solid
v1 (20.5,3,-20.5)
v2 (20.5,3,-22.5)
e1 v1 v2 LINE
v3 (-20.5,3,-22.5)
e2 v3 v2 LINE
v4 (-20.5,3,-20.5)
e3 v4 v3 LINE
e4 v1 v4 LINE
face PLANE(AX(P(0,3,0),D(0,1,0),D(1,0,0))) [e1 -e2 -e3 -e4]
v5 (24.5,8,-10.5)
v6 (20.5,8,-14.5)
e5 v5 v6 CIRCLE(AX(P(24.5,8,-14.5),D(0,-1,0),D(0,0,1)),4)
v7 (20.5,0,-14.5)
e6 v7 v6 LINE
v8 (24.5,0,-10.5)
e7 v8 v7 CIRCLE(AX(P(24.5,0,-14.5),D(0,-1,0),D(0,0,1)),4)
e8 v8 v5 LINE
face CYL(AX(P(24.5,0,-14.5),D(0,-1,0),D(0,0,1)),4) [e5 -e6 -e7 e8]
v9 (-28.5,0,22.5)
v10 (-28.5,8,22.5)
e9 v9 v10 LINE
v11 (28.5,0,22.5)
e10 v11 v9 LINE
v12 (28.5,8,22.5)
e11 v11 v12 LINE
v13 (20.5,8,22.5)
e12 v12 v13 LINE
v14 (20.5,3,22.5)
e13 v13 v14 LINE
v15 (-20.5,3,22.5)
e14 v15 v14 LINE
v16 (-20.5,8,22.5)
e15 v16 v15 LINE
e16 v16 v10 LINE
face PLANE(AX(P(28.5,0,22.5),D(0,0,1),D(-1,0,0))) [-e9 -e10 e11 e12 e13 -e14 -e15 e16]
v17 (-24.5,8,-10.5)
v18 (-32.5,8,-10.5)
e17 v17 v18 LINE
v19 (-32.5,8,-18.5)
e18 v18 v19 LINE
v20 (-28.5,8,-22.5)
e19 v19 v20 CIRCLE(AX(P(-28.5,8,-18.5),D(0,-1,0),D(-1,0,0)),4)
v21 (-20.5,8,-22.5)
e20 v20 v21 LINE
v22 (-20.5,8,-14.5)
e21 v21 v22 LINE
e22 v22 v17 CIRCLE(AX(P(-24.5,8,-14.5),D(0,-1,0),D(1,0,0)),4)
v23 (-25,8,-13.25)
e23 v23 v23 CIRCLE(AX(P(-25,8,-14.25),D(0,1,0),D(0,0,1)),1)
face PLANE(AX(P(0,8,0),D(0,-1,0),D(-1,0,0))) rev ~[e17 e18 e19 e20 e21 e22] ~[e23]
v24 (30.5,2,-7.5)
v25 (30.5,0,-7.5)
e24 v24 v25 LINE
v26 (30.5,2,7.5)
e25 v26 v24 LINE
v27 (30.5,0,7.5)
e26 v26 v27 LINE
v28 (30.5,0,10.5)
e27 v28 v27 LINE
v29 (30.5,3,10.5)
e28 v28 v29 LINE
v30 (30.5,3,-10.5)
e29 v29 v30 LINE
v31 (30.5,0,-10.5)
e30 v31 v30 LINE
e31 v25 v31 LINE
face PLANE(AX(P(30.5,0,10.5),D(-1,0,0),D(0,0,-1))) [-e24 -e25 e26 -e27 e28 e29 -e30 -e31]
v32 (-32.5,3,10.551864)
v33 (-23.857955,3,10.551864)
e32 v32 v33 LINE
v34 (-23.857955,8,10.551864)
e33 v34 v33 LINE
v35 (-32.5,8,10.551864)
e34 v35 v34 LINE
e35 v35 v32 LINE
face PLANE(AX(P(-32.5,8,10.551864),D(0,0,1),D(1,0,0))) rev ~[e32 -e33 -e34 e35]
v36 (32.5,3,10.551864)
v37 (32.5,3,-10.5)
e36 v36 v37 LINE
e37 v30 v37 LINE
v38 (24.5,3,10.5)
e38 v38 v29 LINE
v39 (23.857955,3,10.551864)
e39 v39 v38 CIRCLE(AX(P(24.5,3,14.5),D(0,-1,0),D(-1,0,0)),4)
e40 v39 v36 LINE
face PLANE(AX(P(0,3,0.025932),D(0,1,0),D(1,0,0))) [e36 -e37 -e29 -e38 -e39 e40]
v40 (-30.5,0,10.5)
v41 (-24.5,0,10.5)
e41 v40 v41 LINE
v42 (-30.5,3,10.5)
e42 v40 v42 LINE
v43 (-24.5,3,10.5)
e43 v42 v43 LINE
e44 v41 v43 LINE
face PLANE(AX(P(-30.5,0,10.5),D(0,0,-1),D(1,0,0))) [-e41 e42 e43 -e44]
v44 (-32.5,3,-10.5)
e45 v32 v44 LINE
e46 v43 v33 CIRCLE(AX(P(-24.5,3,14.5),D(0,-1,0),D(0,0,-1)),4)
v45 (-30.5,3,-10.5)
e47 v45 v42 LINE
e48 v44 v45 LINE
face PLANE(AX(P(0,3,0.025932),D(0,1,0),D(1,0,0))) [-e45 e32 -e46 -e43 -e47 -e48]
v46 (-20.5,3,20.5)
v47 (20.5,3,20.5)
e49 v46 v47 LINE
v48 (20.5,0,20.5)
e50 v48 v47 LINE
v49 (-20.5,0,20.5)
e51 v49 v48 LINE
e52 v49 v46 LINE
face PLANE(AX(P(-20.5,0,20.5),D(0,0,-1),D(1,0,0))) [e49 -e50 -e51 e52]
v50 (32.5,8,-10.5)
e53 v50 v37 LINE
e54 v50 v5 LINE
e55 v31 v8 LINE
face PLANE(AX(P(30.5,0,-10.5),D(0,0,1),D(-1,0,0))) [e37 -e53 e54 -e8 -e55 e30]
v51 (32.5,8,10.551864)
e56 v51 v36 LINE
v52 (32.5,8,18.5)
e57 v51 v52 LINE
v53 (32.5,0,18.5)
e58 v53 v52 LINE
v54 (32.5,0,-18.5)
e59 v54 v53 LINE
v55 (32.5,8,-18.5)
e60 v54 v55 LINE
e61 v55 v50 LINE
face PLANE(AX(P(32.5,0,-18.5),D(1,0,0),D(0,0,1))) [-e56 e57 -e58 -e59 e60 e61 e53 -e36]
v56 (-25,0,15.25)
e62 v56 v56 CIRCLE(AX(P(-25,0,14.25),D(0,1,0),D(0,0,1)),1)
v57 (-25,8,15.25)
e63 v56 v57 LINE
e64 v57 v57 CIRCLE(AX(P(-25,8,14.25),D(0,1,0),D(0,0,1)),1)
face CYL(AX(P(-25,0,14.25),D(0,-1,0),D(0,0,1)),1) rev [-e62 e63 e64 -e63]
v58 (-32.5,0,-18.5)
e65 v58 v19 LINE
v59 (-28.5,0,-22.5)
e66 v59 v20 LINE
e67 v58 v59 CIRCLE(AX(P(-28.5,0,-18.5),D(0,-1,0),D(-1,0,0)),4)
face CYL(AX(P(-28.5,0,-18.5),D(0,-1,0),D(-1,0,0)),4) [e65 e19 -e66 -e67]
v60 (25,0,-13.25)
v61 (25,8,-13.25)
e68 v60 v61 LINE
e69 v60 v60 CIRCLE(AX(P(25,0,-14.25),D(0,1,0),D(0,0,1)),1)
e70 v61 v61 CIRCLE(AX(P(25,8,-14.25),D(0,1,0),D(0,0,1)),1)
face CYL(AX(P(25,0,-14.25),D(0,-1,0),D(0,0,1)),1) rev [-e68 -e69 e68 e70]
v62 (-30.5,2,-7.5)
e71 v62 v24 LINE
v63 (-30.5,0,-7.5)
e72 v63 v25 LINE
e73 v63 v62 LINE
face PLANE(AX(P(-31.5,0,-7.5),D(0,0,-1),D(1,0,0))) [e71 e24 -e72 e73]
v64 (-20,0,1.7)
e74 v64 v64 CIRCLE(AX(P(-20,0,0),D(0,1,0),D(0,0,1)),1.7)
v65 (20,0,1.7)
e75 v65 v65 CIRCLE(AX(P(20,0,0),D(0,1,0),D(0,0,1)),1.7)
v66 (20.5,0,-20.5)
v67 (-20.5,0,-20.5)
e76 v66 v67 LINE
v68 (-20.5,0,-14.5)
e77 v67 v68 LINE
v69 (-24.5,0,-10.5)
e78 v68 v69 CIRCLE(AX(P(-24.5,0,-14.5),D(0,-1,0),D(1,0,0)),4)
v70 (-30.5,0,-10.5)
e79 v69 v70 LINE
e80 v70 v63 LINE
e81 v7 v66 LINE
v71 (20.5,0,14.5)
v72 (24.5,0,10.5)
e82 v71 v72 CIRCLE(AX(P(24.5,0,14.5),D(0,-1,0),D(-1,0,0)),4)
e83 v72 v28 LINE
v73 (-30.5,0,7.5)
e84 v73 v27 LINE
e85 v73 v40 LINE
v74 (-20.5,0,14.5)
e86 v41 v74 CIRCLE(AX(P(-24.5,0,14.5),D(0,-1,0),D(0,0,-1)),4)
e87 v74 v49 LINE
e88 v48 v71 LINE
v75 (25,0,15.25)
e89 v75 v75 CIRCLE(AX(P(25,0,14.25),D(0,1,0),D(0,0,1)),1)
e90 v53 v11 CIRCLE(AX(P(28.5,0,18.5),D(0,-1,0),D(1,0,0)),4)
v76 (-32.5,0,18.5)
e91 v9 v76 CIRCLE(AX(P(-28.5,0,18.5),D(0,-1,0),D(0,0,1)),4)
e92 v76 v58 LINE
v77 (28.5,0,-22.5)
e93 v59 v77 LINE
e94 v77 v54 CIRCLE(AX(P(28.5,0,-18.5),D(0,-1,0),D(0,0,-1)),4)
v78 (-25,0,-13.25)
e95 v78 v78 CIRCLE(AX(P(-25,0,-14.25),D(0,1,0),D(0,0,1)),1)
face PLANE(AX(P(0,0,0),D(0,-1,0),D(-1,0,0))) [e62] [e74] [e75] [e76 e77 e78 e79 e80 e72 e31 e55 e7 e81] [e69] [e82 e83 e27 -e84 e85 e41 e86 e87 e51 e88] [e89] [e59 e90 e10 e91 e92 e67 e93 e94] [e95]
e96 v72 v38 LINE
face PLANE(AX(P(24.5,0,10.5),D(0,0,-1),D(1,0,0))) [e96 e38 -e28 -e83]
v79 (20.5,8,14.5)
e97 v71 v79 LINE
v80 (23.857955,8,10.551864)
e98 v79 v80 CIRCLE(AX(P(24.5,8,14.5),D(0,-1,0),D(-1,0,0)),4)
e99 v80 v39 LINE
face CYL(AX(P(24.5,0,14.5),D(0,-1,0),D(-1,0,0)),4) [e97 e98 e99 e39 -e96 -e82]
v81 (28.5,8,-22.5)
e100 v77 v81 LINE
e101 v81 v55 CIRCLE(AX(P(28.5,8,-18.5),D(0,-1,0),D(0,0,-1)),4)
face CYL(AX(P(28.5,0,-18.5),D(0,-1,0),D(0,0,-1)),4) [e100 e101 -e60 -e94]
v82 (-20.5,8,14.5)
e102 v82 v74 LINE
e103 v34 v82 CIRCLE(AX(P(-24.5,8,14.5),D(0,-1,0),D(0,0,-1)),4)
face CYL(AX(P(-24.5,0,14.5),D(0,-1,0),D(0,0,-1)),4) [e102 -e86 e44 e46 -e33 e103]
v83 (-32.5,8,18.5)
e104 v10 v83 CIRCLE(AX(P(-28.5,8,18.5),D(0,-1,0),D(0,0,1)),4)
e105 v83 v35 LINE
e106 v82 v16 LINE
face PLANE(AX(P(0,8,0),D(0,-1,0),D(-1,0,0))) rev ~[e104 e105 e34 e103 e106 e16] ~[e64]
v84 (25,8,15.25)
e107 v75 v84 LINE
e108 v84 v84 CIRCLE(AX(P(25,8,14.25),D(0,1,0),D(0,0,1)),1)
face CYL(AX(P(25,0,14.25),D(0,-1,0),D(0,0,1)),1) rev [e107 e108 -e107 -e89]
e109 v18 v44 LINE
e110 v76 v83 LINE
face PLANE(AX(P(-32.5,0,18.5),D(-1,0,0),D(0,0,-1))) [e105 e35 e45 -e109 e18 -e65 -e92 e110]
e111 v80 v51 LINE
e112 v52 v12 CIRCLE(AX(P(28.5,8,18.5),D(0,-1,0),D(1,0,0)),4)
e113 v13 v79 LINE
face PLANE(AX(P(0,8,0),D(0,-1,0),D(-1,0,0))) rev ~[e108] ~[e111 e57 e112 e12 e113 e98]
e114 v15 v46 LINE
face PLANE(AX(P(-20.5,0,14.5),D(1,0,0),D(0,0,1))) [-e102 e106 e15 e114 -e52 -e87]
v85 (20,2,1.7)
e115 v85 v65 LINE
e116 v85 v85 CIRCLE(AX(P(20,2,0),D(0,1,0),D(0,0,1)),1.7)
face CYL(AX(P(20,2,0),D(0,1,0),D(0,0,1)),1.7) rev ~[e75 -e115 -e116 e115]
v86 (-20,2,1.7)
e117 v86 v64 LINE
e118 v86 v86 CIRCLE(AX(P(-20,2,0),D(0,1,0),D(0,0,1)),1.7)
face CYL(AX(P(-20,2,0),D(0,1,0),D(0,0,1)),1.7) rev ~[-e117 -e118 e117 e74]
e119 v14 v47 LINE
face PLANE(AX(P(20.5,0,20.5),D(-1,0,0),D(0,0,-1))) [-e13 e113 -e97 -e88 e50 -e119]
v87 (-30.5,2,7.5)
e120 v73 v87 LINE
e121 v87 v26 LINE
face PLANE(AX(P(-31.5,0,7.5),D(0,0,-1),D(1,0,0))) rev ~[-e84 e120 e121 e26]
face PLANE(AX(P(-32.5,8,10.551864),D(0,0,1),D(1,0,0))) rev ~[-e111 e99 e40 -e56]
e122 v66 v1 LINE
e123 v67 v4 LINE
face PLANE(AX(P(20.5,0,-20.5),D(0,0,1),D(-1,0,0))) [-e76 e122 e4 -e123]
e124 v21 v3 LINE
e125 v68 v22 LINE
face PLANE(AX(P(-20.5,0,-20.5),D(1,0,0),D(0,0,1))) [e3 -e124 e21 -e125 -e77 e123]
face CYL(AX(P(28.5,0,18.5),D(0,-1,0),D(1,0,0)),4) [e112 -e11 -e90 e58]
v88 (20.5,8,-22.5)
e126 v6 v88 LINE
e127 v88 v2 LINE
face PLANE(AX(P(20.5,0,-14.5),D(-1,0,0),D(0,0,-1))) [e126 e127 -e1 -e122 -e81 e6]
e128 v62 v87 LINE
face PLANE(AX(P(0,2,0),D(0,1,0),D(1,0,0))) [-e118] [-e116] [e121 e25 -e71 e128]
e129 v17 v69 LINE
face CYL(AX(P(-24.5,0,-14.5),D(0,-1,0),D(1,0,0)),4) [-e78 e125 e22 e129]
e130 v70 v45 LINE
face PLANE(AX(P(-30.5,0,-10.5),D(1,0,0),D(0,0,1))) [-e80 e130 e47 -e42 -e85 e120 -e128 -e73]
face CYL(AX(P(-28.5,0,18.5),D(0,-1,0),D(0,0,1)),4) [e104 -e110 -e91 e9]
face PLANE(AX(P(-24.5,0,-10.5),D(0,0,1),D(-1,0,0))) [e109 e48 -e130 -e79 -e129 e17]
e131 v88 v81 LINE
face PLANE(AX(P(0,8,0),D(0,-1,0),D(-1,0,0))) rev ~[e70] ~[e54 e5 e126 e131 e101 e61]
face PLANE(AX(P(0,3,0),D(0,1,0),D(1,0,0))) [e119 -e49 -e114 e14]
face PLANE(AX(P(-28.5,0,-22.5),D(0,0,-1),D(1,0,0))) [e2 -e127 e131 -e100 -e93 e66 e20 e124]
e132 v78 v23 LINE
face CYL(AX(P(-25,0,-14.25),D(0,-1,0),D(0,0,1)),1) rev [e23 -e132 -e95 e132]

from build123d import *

# Parameters (mm, degrees)
SKETCH1_R           = 1
BOSS_EXTRUDE1_DEPTH = 8
SKETCH2_W           = 63
SKETCH2_H           = 15
BOSS_EXTRUDE2_DEPTH = 2
SKETCH3_R           = 1.7
CUT_EXTRUDE1_DEPTH  = 2
SKETCH4_W           = 41
SKETCH4_H           = 45
CUT_EXTRUDE2_DEPTH  = 5
SKETCH5_W           = 65
SKETCH5_H           = 21.051864014
CUT_EXTRUDE3_DEPTH  = 5


with BuildPart() as part:
    # Sketch1 → Boss-Extrude1 (new body)
    with BuildSketch(Plane(origin=(0, 0, 0), x_dir=(1, 0, 0), z_dir=(0, 1, 0))):
        with BuildLine():
            Line((-28.5, 22.5), (28.5, 22.5))
            ThreePointArc((28.5, 22.5), (31.328427125, 21.328427125), (32.5, 18.5))
            Line((32.5, 18.5), (32.5, -18.5))
            ThreePointArc((32.5, -18.5), (31.328427125, -21.328427125), (28.5, -22.5))
            Line((28.5, -22.5), (-28.5, -22.5))
            ThreePointArc((-28.5, -22.5), (-31.328427125, -21.328427125), (-32.5, -18.5))
            Line((-32.5, -18.5), (-32.5, 18.5))
            ThreePointArc((-32.5, 18.5), (-31.328427125, 21.328427125), (-28.5, 22.5))
        make_face()
        with Locations(Location((-25, 14.25, 0), (0, 0, 270))):
            Circle(SKETCH1_R, mode=Mode.SUBTRACT)
        with Locations(Location((25, 14.25, 0), (0, 0, 270))):
            Circle(SKETCH1_R, mode=Mode.SUBTRACT)
        with Locations(Location((25, -14.25, 0), (0, 0, 270))):
            Circle(SKETCH1_R, mode=Mode.SUBTRACT)
        with Locations(Location((-25, -14.25, 0), (0, 0, 270))):
            Circle(SKETCH1_R, mode=Mode.SUBTRACT)
        with BuildLine():
            Line((-30.5, 10.5), (-30.5, -10.5))
            Line((-30.5, -10.5), (-24.5, -10.5))
            ThreePointArc((-24.5, -10.5), (-21.671572875, -11.671572875), (-20.5, -14.5))
            Line((-20.5, -14.5), (-20.5, -20.5))
            Line((-20.5, -20.5), (20.5, -20.5))
            Line((20.5, -20.5), (20.5, -14.5))
            ThreePointArc((20.5, -14.5), (21.671572875, -11.671572875), (24.5, -10.5))
            Line((24.5, -10.5), (30.5, -10.5))
            Line((30.5, -10.5), (30.5, 10.5))
            Line((30.5, 10.5), (24.5, 10.5))
            ThreePointArc((24.5, 10.5), (21.671572875, 11.671572875), (20.5, 14.5))
            Line((20.5, 14.5), (20.5, 20.5))
            Line((20.5, 20.5), (-20.5, 20.5))
            Line((-20.5, 20.5), (-20.5, 14.5))
            ThreePointArc((-20.5, 14.5), (-21.671572875, 11.671572875), (-24.5, 10.5))
            Line((-24.5, 10.5), (-30.5, 10.5))
        make_face(mode=Mode.SUBTRACT)
    extrude(amount=BOSS_EXTRUDE1_DEPTH)

    # Sketch2 → Boss-Extrude2 (add)
    with BuildSketch(Plane(origin=(0, 0, 0), x_dir=(1, 0, 0), z_dir=(0, 1, 0))):
        Rectangle(SKETCH2_W, SKETCH2_H)
    extrude(amount=BOSS_EXTRUDE2_DEPTH)

    # Sketch3 → Cut-Extrude1 (cut)
    with BuildSketch(Plane(origin=(0, 2, 0), x_dir=(1, 0, 0), z_dir=(0, 1, 0))):
        with Locations(Location((-20, 0, 0), (0, 0, 270))):
            Circle(SKETCH3_R)
        with Locations(Location((20, 0, 0), (0, 0, 270))):
            Circle(SKETCH3_R)
    extrude(amount=-CUT_EXTRUDE1_DEPTH, mode=Mode.SUBTRACT)

    # Sketch4 → Cut-Extrude2 (cut)
    with BuildSketch(Plane(origin=(0, 8, 0), x_dir=(1, 0, 0), z_dir=(0, 1, 0))):
        Rectangle(SKETCH4_W, SKETCH4_H)
    extrude(amount=-CUT_EXTRUDE2_DEPTH, mode=Mode.SUBTRACT)

    # Sketch5 → Cut-Extrude3 (cut)
    with BuildSketch(Plane(origin=(0, 8, 0), x_dir=(1, 0, 0), z_dir=(0, 1, 0))):
        with Locations((0, -0.025932007)):
            Rectangle(SKETCH5_W, SKETCH5_H)
    extrude(amount=-CUT_EXTRUDE3_DEPTH, mode=Mode.SUBTRACT)


solid = part.part
